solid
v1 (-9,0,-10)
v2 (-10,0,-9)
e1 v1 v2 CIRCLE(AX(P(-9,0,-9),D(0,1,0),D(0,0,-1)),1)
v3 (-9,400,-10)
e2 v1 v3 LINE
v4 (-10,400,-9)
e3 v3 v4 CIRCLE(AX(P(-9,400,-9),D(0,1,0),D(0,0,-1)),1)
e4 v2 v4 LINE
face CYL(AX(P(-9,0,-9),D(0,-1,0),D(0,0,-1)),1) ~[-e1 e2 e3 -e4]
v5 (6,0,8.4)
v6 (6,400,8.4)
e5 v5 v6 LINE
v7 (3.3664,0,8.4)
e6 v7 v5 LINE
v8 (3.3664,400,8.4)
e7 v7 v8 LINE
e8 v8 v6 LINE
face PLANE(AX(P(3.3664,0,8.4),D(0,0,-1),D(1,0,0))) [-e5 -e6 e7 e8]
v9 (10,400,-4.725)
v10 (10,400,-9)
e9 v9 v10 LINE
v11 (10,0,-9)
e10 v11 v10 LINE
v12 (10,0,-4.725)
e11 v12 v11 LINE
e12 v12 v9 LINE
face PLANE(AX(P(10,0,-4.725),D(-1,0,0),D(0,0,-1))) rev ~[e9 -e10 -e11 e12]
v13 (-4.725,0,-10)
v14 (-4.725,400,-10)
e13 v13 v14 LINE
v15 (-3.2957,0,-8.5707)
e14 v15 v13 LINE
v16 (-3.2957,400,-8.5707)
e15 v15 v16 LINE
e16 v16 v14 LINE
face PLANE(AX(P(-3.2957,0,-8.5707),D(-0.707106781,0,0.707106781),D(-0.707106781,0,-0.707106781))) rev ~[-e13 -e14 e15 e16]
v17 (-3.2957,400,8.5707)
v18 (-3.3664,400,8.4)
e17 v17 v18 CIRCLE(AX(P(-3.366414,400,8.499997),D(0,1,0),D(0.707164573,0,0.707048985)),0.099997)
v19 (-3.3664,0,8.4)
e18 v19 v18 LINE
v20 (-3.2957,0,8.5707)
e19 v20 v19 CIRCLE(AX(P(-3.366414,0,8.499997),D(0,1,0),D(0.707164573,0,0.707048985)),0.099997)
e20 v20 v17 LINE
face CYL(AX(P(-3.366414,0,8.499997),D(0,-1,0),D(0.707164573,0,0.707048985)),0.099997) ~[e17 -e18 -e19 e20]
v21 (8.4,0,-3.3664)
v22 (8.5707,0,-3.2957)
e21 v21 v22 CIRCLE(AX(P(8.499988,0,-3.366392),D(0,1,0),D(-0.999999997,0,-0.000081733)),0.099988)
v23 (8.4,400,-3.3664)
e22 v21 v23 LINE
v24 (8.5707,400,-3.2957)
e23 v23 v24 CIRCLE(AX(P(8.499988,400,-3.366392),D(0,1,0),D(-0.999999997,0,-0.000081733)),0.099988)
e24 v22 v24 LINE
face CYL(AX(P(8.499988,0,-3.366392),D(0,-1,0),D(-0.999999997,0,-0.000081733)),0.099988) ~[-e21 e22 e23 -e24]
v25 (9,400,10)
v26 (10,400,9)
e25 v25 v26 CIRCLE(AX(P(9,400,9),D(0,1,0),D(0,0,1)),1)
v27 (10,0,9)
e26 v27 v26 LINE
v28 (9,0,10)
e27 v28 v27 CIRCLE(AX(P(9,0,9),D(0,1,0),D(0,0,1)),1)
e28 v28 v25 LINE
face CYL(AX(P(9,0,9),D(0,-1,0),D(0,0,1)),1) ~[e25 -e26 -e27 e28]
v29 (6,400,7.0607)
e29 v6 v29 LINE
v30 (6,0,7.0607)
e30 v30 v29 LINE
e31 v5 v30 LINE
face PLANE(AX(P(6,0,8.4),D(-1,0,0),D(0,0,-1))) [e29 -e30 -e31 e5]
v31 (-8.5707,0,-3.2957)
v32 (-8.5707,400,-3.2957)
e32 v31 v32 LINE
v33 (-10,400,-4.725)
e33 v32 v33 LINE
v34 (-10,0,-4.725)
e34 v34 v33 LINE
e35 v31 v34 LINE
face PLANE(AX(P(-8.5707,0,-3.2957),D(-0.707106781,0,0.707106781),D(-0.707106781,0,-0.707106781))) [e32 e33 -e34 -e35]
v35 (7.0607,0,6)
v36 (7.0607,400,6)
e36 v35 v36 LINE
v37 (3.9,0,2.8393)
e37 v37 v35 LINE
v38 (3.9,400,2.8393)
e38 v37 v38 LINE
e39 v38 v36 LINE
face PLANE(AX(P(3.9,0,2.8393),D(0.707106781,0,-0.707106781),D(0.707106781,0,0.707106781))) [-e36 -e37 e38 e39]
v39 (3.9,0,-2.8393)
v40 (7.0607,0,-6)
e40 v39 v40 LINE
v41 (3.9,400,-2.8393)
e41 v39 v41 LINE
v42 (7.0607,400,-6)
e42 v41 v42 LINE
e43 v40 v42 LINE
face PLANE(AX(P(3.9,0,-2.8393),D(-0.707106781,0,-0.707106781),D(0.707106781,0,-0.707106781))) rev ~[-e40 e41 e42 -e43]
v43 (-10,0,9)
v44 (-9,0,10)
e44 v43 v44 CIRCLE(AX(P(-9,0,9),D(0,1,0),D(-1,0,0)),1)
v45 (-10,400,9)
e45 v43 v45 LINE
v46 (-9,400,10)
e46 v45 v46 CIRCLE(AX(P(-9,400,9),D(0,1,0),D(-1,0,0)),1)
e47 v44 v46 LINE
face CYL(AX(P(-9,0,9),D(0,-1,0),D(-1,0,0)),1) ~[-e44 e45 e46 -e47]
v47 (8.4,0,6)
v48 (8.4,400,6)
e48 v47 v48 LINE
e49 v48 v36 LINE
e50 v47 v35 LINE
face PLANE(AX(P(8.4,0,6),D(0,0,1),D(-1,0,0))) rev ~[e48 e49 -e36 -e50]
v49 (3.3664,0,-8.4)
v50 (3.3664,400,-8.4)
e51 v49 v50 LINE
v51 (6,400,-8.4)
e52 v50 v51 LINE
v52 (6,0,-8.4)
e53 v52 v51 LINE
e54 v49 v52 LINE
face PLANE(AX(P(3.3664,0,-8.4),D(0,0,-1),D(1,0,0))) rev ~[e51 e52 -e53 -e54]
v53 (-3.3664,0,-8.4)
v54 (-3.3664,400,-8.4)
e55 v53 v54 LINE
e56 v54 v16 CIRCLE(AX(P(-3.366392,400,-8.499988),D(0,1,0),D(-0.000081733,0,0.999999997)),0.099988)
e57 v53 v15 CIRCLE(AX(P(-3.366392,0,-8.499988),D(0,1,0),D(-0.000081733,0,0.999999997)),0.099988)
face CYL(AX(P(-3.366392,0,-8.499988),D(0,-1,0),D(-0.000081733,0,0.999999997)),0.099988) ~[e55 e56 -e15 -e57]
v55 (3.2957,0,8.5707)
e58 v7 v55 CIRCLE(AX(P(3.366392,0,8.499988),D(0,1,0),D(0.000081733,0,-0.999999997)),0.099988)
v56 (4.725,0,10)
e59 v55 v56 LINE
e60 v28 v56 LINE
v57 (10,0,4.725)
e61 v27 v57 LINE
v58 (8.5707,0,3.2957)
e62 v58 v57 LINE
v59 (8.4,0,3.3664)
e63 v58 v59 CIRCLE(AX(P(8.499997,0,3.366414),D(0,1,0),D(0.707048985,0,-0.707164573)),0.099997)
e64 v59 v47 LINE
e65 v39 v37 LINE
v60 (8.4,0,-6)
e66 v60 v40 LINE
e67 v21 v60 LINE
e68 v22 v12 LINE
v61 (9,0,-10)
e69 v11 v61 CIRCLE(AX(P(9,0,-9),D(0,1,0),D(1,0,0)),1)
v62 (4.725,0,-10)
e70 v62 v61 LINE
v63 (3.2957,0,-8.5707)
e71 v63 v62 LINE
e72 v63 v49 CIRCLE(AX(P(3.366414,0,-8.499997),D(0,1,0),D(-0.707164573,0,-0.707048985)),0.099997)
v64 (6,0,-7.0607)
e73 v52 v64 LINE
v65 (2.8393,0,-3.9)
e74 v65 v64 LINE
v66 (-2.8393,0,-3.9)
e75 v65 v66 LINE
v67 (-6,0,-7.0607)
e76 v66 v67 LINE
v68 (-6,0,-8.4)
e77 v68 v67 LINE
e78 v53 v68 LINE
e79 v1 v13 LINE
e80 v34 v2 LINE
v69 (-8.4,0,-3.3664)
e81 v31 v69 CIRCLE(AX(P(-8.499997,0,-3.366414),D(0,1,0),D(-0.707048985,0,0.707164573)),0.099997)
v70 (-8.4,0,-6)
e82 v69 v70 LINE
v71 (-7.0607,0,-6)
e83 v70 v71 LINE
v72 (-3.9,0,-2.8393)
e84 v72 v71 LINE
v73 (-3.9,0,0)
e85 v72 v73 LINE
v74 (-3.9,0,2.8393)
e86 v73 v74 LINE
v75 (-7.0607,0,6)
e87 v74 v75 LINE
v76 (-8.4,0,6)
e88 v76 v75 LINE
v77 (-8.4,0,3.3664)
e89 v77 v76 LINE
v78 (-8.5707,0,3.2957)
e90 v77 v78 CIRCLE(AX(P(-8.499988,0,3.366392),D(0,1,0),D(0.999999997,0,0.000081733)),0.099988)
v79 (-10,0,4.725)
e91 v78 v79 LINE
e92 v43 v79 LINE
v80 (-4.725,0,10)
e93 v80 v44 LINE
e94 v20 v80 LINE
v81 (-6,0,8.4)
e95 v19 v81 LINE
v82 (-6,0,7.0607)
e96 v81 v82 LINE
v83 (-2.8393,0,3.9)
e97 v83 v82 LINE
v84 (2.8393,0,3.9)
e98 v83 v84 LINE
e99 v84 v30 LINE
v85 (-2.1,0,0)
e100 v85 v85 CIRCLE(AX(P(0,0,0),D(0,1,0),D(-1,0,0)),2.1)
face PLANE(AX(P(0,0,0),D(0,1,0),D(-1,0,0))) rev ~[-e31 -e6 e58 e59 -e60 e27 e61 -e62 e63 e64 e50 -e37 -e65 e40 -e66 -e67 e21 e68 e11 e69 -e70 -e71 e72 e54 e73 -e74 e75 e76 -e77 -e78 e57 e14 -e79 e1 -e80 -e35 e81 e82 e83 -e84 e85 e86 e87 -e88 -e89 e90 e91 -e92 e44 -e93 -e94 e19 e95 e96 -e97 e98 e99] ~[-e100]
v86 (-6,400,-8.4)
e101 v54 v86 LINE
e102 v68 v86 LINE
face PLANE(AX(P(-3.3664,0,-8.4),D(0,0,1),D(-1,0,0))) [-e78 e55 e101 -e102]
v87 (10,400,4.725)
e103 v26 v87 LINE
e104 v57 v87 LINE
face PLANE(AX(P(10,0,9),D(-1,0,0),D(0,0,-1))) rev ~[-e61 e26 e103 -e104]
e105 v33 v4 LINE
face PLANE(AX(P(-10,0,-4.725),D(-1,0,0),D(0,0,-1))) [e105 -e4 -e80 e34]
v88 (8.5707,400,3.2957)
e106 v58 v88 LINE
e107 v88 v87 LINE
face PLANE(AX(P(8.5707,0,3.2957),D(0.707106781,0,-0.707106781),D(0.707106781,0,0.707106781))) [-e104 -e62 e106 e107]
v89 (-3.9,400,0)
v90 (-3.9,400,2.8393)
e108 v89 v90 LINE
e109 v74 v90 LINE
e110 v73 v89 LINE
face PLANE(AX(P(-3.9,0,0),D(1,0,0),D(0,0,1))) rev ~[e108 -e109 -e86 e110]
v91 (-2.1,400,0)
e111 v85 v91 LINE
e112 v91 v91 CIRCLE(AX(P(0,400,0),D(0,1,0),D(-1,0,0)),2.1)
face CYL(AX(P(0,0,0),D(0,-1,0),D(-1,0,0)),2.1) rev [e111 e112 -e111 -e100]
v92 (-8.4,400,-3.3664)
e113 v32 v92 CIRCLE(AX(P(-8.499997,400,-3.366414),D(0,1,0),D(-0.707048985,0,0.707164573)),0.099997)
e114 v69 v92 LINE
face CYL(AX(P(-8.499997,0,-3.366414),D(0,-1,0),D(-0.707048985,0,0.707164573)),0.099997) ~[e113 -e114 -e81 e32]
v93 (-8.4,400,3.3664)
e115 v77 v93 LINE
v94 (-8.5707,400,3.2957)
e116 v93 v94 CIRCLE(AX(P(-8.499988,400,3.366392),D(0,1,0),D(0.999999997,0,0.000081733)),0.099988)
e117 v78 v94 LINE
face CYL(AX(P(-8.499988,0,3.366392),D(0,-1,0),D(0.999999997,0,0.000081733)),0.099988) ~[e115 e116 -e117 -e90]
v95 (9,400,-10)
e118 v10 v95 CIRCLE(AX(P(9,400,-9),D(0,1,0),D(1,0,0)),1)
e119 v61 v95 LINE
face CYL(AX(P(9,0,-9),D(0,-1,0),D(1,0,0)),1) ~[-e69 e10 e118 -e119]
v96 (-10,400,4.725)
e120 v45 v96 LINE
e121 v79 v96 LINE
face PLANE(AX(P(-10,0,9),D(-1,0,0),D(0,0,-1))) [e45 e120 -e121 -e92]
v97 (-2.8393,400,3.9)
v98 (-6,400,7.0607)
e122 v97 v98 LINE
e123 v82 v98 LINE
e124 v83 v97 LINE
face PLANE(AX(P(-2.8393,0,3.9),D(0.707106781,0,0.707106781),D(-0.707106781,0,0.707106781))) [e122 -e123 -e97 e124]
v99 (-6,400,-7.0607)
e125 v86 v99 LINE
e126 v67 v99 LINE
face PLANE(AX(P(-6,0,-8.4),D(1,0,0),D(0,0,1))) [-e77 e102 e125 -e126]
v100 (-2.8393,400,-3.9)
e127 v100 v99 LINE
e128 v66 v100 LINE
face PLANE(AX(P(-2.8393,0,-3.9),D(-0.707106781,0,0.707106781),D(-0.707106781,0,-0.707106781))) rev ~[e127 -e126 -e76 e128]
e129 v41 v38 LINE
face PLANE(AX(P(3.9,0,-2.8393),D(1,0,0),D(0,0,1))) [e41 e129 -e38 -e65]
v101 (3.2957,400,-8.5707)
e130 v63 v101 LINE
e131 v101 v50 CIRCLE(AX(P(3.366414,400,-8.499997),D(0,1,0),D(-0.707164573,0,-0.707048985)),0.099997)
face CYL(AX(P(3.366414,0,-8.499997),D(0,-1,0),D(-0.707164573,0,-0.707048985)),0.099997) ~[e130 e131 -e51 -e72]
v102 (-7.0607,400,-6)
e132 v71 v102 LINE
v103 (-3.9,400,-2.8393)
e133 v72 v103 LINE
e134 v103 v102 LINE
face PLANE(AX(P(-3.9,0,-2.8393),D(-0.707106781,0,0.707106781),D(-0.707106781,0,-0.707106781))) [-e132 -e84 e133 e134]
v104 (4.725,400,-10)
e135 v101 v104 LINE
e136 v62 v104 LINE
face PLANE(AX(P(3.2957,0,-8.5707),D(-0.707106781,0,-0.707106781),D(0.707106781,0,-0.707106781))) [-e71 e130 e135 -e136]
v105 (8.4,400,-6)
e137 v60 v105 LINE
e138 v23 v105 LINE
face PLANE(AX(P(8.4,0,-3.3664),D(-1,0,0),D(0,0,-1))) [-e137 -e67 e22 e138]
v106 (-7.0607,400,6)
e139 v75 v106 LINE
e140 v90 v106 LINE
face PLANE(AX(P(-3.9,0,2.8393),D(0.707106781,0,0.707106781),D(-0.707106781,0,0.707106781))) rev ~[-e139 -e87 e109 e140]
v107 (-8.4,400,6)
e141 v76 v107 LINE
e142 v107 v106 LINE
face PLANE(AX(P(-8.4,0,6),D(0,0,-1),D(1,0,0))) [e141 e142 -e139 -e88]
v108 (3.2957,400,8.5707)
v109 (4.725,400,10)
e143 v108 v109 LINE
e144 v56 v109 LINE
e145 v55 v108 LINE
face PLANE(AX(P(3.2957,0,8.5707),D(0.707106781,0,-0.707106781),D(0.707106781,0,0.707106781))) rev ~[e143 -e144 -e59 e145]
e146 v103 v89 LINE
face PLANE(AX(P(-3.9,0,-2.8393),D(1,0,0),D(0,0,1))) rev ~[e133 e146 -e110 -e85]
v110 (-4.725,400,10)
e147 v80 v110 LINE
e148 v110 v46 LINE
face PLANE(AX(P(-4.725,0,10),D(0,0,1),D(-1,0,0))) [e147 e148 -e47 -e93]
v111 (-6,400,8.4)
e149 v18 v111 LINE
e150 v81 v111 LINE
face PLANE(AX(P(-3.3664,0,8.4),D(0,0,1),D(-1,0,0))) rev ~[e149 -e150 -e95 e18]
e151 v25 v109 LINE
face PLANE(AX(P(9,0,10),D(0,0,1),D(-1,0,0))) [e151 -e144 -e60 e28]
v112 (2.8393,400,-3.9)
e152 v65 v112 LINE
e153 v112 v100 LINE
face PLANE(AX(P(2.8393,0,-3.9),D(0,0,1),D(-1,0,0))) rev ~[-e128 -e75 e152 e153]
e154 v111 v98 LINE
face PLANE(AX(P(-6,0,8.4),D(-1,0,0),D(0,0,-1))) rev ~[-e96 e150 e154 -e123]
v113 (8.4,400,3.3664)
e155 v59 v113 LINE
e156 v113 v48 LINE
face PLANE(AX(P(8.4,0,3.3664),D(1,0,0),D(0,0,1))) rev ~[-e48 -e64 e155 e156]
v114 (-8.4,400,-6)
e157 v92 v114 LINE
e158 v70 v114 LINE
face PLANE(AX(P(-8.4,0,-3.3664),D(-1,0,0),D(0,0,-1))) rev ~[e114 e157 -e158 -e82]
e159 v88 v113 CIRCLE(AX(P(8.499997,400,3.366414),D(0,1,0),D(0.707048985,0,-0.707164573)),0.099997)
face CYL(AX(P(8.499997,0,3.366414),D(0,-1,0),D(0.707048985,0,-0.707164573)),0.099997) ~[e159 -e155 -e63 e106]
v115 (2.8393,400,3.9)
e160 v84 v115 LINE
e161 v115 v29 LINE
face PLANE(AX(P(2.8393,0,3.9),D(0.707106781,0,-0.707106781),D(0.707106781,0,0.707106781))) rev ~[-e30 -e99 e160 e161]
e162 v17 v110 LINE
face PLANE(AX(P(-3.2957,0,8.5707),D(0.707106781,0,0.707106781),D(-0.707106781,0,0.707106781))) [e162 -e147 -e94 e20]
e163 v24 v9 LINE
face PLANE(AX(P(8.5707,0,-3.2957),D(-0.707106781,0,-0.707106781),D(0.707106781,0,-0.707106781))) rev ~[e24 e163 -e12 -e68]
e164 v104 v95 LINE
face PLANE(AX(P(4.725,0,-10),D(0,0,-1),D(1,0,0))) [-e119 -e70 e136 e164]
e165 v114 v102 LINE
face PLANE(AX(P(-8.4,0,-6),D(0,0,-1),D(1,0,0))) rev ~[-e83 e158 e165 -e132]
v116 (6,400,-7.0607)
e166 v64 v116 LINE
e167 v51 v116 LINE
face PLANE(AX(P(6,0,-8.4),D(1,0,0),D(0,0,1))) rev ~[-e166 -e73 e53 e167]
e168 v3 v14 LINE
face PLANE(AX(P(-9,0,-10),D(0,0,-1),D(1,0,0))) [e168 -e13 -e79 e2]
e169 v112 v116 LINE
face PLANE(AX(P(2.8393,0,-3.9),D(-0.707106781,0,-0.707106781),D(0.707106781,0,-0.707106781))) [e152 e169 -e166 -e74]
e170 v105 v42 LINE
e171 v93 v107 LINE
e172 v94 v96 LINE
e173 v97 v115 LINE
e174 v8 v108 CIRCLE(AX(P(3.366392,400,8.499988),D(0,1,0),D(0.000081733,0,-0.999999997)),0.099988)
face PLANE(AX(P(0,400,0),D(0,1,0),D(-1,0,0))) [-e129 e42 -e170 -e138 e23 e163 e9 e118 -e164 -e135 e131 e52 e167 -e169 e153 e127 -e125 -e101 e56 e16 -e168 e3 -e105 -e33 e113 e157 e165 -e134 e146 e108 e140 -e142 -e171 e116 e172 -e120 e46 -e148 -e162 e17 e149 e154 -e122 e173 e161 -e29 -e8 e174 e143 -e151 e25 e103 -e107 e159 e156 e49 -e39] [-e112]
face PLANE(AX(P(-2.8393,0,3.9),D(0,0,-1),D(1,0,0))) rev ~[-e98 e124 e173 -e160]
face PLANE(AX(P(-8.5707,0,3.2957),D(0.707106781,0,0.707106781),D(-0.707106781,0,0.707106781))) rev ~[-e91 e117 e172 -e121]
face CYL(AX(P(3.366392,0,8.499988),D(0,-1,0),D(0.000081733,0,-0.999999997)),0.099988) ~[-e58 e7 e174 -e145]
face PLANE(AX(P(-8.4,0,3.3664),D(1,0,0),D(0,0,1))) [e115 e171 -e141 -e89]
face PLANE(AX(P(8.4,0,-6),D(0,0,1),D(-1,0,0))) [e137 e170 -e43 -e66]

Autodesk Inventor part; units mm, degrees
ref_plane "YZ Plane" through (0, 0, 0) normal (1, 0, 0) x (0, 1, 0)
ref_plane "XZ Plane" through (0, 0, 0) normal (0, 1, 0) x (-1, 0, 0)
ref_plane "XY Plane" through (0, 0, 0) normal (0, 0, 1) x (1, 0, 0)
sketch "Sketch1" plane through (0, 0, 0) normal (0, 1, 0) x (-1, 0, 0)
  line L0 (3.9, -2.8393) -> (3.9, 2.8393)
  line L1 (2.8393, 3.9) -> (-2.8393, 3.9)
  line L2 (-2.8393, -3.9) -> (2.8393, -3.9)
  line L3 (8.5707, 3.2957) -> (10, 4.725)
  line L4 (8.5707, -3.2957) -> (10, -4.725)
  line L5 (8.4, 3.3664) -> (8.4, 6)
  line L6 (8.4, 6) -> (7.0607, 6)
  line L7 (10, 9) -> (10, 4.725)
  line L8 (10, -4.725) -> (10, -9)
  line L9 (3.9, 2.8393) -> (7.0607, 6)
  line L10 (3.2957, 8.5707) -> (4.725, 10)
  line L11 (3.3664, 8.4) -> (6, 8.4)
  line L12 (6, 8.4) -> (6, 7.0607)
  line L13 (2.8393, 3.9) -> (6, 7.0607)
  line L14 (3.9, 0) -> (8.4, 0)
  line L15 (8.4, -3.3664) -> (8.4, -6)
  line L16 (8.4, -6) -> (7.0607, -6)
  line L17 (3.9, -2.8393) -> (7.0607, -6)
  line L18 (3.2957, -8.5707) -> (4.725, -10)
  line L19 (3.3664, -8.4) -> (6, -8.4)
  line L20 (6, -8.4) -> (6, -7.0607)
  line L21 (2.8393, -3.9) -> (6, -7.0607)
  line L22 (-3.9, -2.8393) -> (-3.9, 2.8393)
  line L23 (-8.5707, 3.2957) -> (-10, 4.725)
  line L24 (-8.5707, -3.2957) -> (-10, -4.725)
  line L25 (-8.4, 3.3664) -> (-8.4, 6)
  line L26 (-8.4, 6) -> (-7.0607, 6)
  line L27 (-10, 9) -> (-10, 4.725)
  line L28 (-10, -4.725) -> (-10, -9)
  line L29 (-3.9, 2.8393) -> (-7.0607, 6)
  line L30 (-3.2957, 8.5707) -> (-4.725, 10)
  line L31 (-3.3664, 8.4) -> (-6, 8.4)
  line L32 (-6, 8.4) -> (-6, 7.0607)
  line L33 (-2.8393, 3.9) -> (-6, 7.0607)
  line L34 (-3.9, -2.8393) -> (-7.0607, -6)
  line L35 (-8.4, -6) -> (-7.0607, -6)
  line L36 (-8.4, -3.3664) -> (-8.4, -6)
  line L37 (-2.8393, -3.9) -> (-6, -7.0607)
  line L38 (-6, -8.4) -> (-6, -7.0607)
  line L39 (-3.3664, -8.4) -> (-6, -8.4)
  line L40 (-3.2957, -8.5707) -> (-4.725, -10)
  line L41 (-9, 10) -> (-4.725, 10)
  line L42 (4.725, 10) -> (9, 10)
  line L43 (9, -10) -> (4.725, -10)
  line L44 (-4.725, -10) -> (-9, -10)
  circle A0 centre (0, 0) radius 2.1
  arc A1 (10, 9) -> (9, 10) centre (9, 9) ccw
  arc A2 (9, -10) -> (10, -9) centre (9, -9) ccw
  arc A3 (-10, -9) -> (-9, -10) centre (-9, -9) ccw
  arc A4 (-9, 10) -> (-10, 9) centre (-9, 9) ccw
  arc A5 (8.4, 3.3664) -> (8.5707, 3.2957) centre (8.5, 3.3664) ccw
  arc A6 (3.2957, 8.5707) -> (3.3664, 8.4) centre (3.3664, 8.5) ccw
  arc A7 (8.5707, -3.2957) -> (8.4, -3.3664) centre (8.5, -3.3664) ccw
  arc A8 (3.3664, -8.4) -> (3.2957, -8.5707) centre (3.3664, -8.5) ccw
  arc A9 (-3.2957, -8.5707) -> (-3.3664, -8.4) centre (-3.3664, -8.5) ccw
  arc A10 (-8.4, -3.3664) -> (-8.5707, -3.2957) centre (-8.5, -3.3664) ccw
  arc A11 (-8.5707, 3.2957) -> (-8.4, 3.3664) centre (-8.5, 3.3664) ccw
  arc A12 (-3.3664, 8.4) -> (-3.2957, 8.5707) centre (-3.3664, 8.5) ccw
  dimension "d11" = 1
extrude "Extrusion1" add sketch "Sketch1" along normal blind 400
properties part number "VSLOT20x20x400"
